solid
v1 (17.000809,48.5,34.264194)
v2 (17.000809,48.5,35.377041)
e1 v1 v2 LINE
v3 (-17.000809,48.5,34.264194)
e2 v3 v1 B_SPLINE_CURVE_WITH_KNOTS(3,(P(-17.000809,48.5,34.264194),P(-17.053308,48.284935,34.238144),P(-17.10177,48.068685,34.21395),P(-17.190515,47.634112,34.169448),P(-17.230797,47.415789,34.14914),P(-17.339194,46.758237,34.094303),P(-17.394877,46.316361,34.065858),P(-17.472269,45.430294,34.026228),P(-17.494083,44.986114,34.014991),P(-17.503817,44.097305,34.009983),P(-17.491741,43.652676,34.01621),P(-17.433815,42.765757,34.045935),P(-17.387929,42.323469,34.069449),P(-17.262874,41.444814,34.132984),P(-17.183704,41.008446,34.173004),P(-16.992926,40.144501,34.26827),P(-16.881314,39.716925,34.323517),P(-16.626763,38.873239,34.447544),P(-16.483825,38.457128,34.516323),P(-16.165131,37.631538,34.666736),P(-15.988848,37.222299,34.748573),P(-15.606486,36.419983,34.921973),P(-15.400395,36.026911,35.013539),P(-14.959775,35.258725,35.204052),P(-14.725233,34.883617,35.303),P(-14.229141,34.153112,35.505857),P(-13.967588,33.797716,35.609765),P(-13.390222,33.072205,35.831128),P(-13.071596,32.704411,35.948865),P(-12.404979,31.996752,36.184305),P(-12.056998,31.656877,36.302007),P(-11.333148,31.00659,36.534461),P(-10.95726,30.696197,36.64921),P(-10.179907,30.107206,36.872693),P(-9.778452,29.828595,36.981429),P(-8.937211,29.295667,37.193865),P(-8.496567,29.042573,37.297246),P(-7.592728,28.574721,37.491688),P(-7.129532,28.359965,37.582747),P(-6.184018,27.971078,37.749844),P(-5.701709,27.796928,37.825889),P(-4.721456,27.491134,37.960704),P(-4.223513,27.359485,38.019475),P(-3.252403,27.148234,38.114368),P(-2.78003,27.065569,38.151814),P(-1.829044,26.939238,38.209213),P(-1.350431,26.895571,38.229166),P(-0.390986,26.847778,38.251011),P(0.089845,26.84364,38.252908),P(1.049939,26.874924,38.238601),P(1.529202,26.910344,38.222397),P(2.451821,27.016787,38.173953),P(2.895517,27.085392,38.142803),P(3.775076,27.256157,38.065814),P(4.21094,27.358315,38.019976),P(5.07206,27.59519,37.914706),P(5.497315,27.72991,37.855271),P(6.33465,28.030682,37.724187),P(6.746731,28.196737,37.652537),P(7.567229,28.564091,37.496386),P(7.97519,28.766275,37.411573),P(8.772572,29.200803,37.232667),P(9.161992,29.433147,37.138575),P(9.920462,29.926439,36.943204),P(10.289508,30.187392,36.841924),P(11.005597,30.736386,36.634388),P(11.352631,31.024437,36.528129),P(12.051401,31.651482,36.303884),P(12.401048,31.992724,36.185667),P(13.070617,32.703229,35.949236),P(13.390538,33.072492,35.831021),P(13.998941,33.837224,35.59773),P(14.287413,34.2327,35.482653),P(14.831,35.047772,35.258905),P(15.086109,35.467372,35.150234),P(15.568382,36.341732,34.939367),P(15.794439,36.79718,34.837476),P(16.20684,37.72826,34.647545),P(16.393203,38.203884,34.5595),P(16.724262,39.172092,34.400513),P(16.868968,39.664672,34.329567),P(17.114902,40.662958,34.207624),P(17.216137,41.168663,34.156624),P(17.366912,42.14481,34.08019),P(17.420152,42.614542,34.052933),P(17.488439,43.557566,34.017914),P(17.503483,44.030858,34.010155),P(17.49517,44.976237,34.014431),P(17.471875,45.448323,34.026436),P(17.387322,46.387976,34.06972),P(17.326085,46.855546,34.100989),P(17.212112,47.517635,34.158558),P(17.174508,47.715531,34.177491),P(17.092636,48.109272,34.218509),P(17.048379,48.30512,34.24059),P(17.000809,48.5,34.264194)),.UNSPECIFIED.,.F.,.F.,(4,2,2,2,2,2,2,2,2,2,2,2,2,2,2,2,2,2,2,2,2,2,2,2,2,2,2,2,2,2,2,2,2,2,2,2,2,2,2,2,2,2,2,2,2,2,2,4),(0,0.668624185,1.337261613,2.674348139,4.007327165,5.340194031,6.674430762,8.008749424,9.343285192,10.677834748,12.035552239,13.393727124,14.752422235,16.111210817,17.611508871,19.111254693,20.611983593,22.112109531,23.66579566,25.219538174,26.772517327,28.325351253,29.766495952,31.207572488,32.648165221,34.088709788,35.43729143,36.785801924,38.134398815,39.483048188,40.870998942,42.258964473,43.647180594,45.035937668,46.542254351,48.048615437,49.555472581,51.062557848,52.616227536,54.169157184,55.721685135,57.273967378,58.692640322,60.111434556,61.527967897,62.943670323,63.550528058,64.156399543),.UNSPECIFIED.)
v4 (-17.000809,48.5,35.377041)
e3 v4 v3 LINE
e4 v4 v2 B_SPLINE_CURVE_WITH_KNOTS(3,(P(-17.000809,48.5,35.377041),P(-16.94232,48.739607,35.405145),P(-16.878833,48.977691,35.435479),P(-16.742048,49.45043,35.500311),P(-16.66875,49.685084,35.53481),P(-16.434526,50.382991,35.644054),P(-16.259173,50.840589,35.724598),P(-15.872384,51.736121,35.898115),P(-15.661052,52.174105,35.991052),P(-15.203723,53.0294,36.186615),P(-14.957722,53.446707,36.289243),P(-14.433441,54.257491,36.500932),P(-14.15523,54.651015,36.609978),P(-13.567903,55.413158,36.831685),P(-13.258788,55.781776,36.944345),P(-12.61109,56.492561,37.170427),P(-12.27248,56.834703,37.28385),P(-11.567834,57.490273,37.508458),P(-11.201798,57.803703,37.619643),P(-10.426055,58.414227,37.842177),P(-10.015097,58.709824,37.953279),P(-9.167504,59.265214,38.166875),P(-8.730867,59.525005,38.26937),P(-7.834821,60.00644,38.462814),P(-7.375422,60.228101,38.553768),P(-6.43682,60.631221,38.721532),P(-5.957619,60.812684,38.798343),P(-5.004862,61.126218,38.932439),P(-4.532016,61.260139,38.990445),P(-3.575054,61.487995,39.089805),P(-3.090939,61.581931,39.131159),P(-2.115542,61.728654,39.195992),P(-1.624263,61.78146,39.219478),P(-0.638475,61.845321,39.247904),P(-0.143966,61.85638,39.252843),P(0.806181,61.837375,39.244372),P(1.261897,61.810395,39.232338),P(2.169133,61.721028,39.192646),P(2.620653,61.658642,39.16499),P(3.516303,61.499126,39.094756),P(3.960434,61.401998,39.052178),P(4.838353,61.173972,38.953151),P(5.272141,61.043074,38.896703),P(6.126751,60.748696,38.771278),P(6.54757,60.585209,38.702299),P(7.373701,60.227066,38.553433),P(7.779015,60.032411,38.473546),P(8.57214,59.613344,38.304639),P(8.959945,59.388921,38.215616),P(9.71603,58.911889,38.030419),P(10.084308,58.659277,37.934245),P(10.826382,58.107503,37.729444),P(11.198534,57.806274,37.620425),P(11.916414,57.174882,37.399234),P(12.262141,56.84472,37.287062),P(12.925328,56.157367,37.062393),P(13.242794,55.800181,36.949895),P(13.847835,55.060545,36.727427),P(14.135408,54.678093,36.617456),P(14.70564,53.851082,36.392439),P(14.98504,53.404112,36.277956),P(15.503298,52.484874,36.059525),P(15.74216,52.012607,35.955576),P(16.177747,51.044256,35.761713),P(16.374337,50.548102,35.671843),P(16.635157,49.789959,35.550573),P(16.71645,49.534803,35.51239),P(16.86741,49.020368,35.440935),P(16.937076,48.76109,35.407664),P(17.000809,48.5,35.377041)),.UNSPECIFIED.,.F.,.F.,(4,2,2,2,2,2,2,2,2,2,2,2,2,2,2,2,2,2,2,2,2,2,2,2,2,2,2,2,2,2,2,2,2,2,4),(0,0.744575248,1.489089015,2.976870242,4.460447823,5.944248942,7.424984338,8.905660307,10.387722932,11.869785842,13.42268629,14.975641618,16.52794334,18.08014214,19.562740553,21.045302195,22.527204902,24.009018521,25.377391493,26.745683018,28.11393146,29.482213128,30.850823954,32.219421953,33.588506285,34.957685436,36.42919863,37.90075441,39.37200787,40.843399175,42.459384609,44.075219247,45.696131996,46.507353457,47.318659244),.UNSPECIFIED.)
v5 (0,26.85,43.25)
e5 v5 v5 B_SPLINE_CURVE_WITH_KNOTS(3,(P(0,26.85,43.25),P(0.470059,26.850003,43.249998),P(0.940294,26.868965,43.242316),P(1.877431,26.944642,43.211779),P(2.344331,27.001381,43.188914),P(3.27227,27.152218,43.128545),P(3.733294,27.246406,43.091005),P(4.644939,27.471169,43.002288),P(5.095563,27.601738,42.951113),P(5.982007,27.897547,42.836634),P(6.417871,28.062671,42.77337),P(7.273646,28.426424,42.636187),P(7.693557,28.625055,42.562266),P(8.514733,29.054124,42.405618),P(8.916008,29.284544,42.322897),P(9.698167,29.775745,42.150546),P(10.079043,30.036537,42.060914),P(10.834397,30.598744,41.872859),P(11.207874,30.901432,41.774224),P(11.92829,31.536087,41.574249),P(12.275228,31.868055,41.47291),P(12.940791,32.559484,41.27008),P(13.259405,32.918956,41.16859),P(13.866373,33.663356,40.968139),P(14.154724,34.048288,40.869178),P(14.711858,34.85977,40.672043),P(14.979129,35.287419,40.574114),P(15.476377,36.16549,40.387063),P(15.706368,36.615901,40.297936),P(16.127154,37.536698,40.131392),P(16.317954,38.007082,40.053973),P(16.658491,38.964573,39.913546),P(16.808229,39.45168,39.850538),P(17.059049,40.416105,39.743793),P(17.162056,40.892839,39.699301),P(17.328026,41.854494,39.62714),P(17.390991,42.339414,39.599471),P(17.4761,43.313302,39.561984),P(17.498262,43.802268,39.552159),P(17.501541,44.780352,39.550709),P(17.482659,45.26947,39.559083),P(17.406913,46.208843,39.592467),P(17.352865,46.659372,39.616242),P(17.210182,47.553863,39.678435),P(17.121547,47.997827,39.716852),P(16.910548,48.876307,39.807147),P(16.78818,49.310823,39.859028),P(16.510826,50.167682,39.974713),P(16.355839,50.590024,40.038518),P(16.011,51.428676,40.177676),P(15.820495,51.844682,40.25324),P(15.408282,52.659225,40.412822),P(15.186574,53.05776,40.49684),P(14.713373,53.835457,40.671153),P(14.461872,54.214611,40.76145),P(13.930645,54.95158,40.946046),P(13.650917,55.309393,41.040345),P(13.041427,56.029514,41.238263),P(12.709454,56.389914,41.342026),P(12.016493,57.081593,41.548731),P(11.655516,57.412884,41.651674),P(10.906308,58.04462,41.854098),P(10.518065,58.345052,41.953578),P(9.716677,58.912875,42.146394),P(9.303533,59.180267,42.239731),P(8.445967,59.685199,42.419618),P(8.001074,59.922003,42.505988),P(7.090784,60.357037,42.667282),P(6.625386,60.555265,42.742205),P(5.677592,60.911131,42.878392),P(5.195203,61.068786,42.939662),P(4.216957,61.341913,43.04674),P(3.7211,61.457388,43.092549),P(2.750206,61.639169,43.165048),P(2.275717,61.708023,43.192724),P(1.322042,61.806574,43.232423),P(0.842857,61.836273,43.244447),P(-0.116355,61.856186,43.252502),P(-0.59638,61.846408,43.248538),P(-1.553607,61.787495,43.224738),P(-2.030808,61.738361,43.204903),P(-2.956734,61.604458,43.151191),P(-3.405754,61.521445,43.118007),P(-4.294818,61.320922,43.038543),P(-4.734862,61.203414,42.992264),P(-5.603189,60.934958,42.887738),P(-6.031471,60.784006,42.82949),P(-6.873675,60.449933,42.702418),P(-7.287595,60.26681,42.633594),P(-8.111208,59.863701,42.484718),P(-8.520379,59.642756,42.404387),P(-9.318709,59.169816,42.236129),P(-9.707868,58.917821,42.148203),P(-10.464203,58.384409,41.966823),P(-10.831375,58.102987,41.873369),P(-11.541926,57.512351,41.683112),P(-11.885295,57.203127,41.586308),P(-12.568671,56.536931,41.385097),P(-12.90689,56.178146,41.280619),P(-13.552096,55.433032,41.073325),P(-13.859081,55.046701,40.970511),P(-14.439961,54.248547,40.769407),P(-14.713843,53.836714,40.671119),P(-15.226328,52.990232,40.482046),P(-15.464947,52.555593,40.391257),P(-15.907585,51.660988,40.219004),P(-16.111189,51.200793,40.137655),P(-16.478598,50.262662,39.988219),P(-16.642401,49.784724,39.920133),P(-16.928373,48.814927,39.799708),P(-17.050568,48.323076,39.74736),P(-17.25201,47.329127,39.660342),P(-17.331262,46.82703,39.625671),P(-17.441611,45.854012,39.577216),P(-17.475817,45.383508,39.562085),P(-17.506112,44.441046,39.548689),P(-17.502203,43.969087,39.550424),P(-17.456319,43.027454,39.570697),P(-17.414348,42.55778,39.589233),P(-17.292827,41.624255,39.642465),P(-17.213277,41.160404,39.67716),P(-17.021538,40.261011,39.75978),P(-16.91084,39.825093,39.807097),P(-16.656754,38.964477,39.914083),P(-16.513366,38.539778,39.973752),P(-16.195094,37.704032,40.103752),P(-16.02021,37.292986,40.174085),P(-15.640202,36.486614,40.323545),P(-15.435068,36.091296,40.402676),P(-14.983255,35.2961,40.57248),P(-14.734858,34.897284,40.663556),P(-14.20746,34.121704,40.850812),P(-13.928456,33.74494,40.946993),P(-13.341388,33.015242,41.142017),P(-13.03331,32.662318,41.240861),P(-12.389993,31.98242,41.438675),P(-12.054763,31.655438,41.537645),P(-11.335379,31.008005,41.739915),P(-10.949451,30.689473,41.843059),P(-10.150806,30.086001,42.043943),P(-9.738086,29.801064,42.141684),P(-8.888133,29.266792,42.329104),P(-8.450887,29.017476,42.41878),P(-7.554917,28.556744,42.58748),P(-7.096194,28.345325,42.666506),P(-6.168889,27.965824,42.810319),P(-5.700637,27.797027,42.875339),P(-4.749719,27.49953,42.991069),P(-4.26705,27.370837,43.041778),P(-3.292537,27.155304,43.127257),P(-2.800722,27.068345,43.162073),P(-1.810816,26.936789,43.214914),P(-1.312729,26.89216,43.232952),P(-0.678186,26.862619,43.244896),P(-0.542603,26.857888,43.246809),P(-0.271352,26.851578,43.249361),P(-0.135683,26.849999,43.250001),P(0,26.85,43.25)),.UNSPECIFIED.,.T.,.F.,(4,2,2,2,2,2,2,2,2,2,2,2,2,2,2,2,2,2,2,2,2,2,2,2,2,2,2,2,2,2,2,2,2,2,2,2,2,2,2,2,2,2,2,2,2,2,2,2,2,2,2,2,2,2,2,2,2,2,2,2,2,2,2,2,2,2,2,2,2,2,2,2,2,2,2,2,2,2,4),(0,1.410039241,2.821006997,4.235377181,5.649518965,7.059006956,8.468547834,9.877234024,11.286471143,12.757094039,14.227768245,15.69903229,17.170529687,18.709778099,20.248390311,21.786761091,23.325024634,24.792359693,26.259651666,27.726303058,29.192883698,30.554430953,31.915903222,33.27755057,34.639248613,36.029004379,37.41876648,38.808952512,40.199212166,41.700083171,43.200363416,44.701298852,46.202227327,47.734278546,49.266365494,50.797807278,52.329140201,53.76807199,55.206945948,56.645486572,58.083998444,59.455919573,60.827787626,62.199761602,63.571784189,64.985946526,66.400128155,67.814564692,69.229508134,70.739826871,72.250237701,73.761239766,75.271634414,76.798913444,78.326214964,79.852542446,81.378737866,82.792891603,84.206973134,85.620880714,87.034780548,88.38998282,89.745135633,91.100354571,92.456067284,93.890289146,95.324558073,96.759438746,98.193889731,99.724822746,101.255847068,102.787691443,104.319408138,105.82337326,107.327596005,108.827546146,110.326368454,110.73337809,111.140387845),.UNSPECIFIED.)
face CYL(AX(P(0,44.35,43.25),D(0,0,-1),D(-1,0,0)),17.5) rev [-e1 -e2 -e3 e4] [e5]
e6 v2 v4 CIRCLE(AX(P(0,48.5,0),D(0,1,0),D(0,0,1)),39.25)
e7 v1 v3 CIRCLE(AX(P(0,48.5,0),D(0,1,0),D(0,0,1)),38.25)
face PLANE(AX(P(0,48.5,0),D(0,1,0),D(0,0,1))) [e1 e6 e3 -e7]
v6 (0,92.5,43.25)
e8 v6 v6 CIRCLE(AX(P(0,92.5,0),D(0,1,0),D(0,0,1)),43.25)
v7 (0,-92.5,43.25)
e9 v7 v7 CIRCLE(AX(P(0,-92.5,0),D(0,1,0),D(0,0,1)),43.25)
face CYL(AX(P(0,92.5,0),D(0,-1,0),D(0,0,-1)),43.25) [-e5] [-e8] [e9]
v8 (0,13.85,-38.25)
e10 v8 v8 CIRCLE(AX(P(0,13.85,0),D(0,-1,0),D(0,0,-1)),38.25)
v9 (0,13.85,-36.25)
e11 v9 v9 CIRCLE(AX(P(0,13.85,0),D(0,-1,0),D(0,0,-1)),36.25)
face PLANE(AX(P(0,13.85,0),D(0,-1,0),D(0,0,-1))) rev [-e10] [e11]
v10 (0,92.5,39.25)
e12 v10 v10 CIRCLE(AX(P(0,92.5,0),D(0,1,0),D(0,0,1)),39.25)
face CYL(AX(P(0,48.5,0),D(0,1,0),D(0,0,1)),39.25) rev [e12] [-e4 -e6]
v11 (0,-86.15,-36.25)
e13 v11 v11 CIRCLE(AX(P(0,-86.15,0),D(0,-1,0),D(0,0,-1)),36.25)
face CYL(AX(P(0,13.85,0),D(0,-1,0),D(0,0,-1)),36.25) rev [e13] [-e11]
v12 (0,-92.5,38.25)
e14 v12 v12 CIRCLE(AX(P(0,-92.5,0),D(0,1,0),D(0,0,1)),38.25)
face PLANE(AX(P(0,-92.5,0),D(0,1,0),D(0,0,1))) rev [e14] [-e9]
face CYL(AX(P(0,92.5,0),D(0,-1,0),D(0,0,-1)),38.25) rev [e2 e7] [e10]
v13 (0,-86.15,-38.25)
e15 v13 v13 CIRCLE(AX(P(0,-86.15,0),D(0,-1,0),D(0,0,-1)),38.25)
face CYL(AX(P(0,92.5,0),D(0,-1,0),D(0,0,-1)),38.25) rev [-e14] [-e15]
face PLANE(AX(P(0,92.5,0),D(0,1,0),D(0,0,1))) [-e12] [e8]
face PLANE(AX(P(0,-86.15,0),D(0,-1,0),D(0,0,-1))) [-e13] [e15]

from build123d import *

# Parameters (mm, degrees)
SKETCH1_R           = 43.25
SKETCH1_R_2         = 38.25
BOSS_EXTRUDE1_DEPTH = 92.5
BOSS_EXTRUDE2_START = -6.35
SKETCH2_R           = 38.25
SKETCH2_R_2         = 36.25
BOSS_EXTRUDE2_DEPTH = 100
CUT_EXTRUDE3_START  = -44
SKETCH6_R           = 39.25
SKETCH6_R_2         = 38.25
CUT_EXTRUDE3_DEPTH  = 44
SKETCH8_R           = 17.5
CUT_EXTRUDE5_DEPTH  = 111.893530019


with BuildPart() as part:
    # Sketch1 → Boss-Extrude1 (new, symmetric)
    with BuildSketch(Plane(origin=(0, 0, 0), x_dir=(1, 0, 0), z_dir=(0, 1, 0))):
        with Locations(Location((0, 0, 0), (0, 0, 270))):
            Circle(SKETCH1_R)
        with Locations(Location((0, 0, 0), (0, 0, 270))):
            Circle(SKETCH1_R_2, mode=Mode.SUBTRACT)
    extrude(amount=BOSS_EXTRUDE1_DEPTH, both=True)

    # Sketch2 → Boss-Extrude2 (add)
    with BuildSketch(Plane.XZ.offset(92.5).offset(BOSS_EXTRUDE2_START)):
        with Locations(Location((0, 0, 0), (0, 0, 270))):
            Circle(SKETCH2_R)
        with Locations(Location((0, 0, 0), (0, 0, 270))):
            Circle(SKETCH2_R_2, mode=Mode.SUBTRACT)
    extrude(amount=-BOSS_EXTRUDE2_DEPTH)

    # Sketch6 → Cut-Extrude3 (cut)
    with BuildSketch(Plane(origin=(0, 92.5, 0), x_dir=(1, 0, 0), z_dir=(0, 1, 0)).offset(CUT_EXTRUDE3_START)):
        with Locations(Location((0, 0, 0), (0, 0, 270))):
            Circle(SKETCH6_R)
        with Locations(Location((0, 0, 0), (0, 0, 90))):
            Circle(SKETCH6_R_2, mode=Mode.SUBTRACT)
    extrude(amount=CUT_EXTRUDE3_DEPTH, mode=Mode.SUBTRACT)

    # Sketch8 → Cut-Extrude5 (cut, through all)
    with BuildSketch(Plane.XY):
        with Locations(Location((0, 44.35, 0), (0, 0, 90))):
            Circle(SKETCH8_R)
    extrude(amount=CUT_EXTRUDE5_DEPTH, mode=Mode.SUBTRACT)


solid = part.part
